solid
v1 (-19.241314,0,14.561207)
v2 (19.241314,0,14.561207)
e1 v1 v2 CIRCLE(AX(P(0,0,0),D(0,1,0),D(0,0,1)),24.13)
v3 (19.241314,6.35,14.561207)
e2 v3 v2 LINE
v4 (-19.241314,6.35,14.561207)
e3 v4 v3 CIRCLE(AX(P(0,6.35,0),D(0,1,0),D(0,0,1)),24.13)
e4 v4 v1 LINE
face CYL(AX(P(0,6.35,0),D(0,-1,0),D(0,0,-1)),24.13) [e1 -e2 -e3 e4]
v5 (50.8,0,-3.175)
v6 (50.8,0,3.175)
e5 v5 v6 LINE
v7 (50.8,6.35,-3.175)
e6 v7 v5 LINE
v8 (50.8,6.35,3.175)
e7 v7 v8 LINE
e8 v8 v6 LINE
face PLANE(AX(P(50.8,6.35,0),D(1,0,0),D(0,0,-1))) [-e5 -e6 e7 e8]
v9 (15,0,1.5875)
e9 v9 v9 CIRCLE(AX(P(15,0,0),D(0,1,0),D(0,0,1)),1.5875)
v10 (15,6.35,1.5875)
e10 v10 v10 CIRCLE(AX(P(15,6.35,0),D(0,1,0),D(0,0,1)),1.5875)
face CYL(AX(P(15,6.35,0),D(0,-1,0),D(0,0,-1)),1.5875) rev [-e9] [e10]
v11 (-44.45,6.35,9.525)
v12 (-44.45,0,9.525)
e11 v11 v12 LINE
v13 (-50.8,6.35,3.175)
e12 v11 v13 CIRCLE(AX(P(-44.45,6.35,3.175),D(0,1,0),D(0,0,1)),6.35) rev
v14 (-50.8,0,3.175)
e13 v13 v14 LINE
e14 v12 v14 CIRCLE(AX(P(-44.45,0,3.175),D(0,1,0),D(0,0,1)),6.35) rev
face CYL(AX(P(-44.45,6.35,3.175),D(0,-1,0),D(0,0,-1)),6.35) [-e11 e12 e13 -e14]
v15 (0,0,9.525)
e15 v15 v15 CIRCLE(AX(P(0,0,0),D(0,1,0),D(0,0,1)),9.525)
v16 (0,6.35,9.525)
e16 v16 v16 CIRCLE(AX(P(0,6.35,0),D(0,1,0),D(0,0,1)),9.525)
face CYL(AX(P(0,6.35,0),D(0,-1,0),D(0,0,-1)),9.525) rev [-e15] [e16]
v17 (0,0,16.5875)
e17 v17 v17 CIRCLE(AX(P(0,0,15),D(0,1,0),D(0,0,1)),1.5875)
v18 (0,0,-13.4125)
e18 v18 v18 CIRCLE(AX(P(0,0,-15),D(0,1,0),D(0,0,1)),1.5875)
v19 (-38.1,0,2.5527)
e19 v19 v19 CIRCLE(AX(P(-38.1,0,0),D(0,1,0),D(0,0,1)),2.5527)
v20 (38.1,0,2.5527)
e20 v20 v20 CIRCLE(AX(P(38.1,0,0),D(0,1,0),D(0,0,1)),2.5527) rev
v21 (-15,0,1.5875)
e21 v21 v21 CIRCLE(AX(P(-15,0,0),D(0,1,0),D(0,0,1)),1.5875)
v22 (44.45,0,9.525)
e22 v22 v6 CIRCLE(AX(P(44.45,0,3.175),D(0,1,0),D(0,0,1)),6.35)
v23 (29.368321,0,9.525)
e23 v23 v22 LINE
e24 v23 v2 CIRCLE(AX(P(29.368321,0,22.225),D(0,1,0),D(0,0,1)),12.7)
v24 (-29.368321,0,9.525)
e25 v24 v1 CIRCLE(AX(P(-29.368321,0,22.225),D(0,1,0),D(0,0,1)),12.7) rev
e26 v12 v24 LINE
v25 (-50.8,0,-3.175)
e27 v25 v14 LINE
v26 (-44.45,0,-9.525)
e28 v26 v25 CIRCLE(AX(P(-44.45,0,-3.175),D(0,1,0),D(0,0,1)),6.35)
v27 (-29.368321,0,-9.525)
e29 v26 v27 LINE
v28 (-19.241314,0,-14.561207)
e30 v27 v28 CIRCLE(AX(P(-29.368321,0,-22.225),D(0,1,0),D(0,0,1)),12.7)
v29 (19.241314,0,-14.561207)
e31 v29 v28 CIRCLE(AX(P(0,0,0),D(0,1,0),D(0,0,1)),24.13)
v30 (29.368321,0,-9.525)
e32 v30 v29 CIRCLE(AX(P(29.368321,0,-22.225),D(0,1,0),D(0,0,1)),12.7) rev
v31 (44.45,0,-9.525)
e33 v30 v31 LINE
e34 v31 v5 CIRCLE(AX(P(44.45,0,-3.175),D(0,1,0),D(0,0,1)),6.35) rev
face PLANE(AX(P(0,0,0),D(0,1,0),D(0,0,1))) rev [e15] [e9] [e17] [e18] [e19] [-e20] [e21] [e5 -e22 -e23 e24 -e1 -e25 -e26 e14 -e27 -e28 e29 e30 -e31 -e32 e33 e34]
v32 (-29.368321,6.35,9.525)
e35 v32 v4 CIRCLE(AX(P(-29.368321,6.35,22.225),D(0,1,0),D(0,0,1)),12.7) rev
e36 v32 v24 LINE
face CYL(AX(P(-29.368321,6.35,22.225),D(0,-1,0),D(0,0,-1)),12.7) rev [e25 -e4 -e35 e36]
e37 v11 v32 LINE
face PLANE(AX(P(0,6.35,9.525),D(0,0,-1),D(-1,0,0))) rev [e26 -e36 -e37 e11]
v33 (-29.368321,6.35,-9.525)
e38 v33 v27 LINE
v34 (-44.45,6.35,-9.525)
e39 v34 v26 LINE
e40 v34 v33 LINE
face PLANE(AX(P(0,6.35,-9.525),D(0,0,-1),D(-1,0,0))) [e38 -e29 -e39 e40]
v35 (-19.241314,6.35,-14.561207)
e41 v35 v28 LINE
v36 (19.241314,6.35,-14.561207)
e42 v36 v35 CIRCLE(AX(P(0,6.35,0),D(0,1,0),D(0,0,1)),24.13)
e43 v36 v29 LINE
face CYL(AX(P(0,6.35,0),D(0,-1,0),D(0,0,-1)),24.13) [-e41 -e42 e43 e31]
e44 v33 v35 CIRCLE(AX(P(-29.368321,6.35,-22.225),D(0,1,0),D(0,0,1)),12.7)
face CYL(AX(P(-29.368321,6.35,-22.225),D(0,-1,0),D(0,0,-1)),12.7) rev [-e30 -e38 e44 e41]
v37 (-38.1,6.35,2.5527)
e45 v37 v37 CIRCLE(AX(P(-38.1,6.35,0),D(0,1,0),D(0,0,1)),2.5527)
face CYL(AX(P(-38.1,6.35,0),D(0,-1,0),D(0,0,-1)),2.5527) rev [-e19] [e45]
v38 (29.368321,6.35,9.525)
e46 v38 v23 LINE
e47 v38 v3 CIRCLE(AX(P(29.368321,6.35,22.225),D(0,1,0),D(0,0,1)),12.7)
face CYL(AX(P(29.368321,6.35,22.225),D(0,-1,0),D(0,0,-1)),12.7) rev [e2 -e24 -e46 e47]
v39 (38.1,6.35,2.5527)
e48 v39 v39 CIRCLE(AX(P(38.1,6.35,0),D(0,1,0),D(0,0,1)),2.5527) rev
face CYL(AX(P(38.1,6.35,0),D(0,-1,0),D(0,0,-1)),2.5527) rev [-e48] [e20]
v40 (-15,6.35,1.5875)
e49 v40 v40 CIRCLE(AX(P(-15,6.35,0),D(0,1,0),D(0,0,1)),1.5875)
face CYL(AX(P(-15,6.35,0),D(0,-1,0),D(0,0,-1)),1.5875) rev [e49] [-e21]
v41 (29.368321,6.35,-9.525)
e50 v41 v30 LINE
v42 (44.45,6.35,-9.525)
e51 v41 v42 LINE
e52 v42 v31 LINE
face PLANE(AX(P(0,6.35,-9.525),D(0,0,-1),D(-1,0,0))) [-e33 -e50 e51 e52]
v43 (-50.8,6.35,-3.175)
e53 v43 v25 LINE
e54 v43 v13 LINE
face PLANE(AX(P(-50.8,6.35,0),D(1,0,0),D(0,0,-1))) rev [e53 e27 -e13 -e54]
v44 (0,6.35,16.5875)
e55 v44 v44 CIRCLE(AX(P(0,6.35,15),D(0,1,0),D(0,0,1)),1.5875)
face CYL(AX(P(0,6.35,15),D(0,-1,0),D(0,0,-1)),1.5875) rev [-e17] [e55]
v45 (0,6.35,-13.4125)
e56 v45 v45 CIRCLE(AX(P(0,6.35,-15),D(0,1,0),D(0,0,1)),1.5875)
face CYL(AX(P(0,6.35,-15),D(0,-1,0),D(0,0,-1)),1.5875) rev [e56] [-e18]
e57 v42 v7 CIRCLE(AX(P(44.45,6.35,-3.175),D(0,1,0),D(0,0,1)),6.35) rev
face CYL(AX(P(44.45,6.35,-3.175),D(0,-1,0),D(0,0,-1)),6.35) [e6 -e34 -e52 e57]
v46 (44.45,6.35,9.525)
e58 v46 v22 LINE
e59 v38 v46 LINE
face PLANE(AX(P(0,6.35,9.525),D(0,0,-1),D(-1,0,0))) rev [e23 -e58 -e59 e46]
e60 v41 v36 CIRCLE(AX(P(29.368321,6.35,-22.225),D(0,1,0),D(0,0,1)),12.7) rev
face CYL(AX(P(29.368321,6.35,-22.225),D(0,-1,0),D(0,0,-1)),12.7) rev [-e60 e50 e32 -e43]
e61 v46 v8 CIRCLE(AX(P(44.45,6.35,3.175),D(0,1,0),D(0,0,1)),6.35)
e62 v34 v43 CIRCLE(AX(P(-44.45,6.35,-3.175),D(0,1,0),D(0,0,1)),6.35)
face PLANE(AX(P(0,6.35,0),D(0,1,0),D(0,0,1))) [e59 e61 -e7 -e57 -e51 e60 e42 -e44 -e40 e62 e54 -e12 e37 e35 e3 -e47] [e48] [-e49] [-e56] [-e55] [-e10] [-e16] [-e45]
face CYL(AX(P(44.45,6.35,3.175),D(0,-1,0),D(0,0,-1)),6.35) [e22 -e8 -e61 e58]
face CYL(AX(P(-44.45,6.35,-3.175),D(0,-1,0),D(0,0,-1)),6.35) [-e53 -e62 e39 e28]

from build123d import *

# Parameters (mm, degrees)
SKETCH1_R           = 1.5875
SKETCH1_R_2         = 2.5527
BOSS_EXTRUDE2_DEPTH = 6.35


with BuildPart() as part:
    # Sketch1 → Boss-Extrude2 (new body)
    # profile 1 of 10: a face of its own
    with BuildSketch(Plane(origin=(0, 0, 0), x_dir=(1, 0, 0), z_dir=(0, 1, 0))):
        with BuildLine():
            Line((2.2e-08, 9.525), (-22.170504618, 9.525))
            ThreePointArc((-22.170504618, 9.525), (-24.13, 0), (-22.170504618, -9.525))
            Line((-22.170504618, -9.525), (4.3e-08, -9.525))
            ThreePointArc((4.3e-08, -9.525), (-9.525, -1.1e-08), (2.2e-08, 9.525))
        make_face()
        with Locations(Location((-15, 0, 0), (0, 0, 270))):
            Circle(SKETCH1_R, mode=Mode.SUBTRACT)
    # profile 2 of 10: a face of its own
    with BuildSketch(Plane(origin=(0, 0, 0), x_dir=(1, 0, 0), z_dir=(0, 1, 0))):
        with BuildLine():
            Line((22.170504618, 9.525), (2.2e-08, 9.525))
            ThreePointArc((2.2e-08, 9.525), (6.735192099, 6.735192083), (9.525, 0))
            ThreePointArc((9.525, 0), (6.735192106, -6.735192076), (4.3e-08, -9.525))
            Line((4.3e-08, -9.525), (22.170504618, -9.525))
            ThreePointArc((22.170504618, -9.525), (23.635049994, -4.86223321), (24.13, 0))
            ThreePointArc((24.13, 0), (23.635049994, 4.86223321), (22.170504618, 9.525))
        make_face()
        with Locations(Location((15, 0, 0), (0, 0, 270))):
            Circle(SKETCH1_R, mode=Mode.SUBTRACT)
    # profile 3 of 10: a face of its own
    with BuildSketch(Plane(origin=(0, 0, 0), x_dir=(1, 0, 0), z_dir=(0, 1, 0))):
        with BuildLine():
            Line((4.3e-08, -9.525), (-22.170504618, -9.525))
            ThreePointArc((-22.170504618, -9.525), (-20.858463978, -12.131833353), (-19.241313721, -14.561206897))
            ThreePointArc((-19.241313721, -14.561206897), (0, -24.13), (19.241313721, -14.561206897))
            ThreePointArc((19.241313721, -14.561206897), (20.858463978, -12.131833353), (22.170504618, -9.525))
            Line((22.170504618, -9.525), (4.3e-08, -9.525))
        make_face()
        with Locations(Location((0, -15, 0), (0, 0, 270))):
            Circle(SKETCH1_R, mode=Mode.SUBTRACT)
    # profile 4 of 10: a face of its own
    with BuildSketch(Plane(origin=(0, 0, 0), x_dir=(1, 0, 0), z_dir=(0, 1, 0))):
        with BuildLine():
            ThreePointArc((-19.241313721, 14.561206897), (-20.858463978, 12.131833353), (-22.170504618, 9.525))
            Line((-22.170504618, 9.525), (2.2e-08, 9.525))
            Line((2.2e-08, 9.525), (22.170504618, 9.525))
            ThreePointArc((22.170504618, 9.525), (20.858463978, 12.131833353), (19.241313721, 14.561206897))
            ThreePointArc((19.241313721, 14.561206897), (0, 24.13), (-19.241313721, 14.561206897))
        make_face()
        with Locations(Location((0, 15, 0), (0, 0, 270))):
            Circle(SKETCH1_R, mode=Mode.SUBTRACT)
    # profile 5 of 10: a face of its own
    with BuildSketch(Plane(origin=(0, 0, 0), x_dir=(1, 0, 0), z_dir=(0, 1, 0))):
        with BuildLine():
            Line((-29.368320943, 9.525), (-44.45, 9.525))
            ThreePointArc((-44.45, 9.525), (-48.940128061, 7.665128061), (-50.8, 3.175))
            Line((-50.8, 3.175), (-50.8, -3.175))
            ThreePointArc((-50.8, -3.175), (-48.940128061, -7.665128061), (-44.45, -9.525))
            Line((-44.45, -9.525), (-29.368320943, -9.525))
            Line((-29.368320943, -9.525), (-22.170504618, -9.525))
            ThreePointArc((-22.170504618, -9.525), (-24.13, 0), (-22.170504618, 9.525))
            Line((-22.170504618, 9.525), (-29.368320943, 9.525))
        make_face()
        with Locations(Location((-38.1, 0, 0), (0, 0, 270))):
            Circle(SKETCH1_R_2, mode=Mode.SUBTRACT)
    # profile 6 of 10: a face of its own
    with BuildSketch(Plane(origin=(0, 0, 0), x_dir=(1, 0, 0), z_dir=(0, 1, 0))):
        with BuildLine():
            Line((29.368320943, 9.525), (22.170504618, 9.525))
            ThreePointArc((22.170504618, 9.525), (23.635049994, 4.86223321), (24.13, 0))
            ThreePointArc((24.13, 0), (23.635049994, -4.86223321), (22.170504618, -9.525))
            Line((22.170504618, -9.525), (29.368320943, -9.525))
            Line((29.368320943, -9.525), (44.45, -9.525))
            ThreePointArc((44.45, -9.525), (48.940128061, -7.665128061), (50.8, -3.175))
            Line((50.8, -3.175), (50.8, 3.175))
            ThreePointArc((50.8, 3.175), (48.940128061, 7.665128061), (44.45, 9.525))
            Line((44.45, 9.525), (29.368320943, 9.525))
        make_face()
        with Locations(Location((38.1, 0, 0), (0, 0, 270))):
            Circle(SKETCH1_R_2, mode=Mode.SUBTRACT)
    # profile 7 of 10: a face of its own
    with BuildSketch(Plane(origin=(0, 0, 0), x_dir=(1, 0, 0), z_dir=(0, 1, 0))):
        with BuildLine():
            ThreePointArc((-19.241313721, 14.561206897), (-23.713242359, 10.853540718), (-29.368320943, 9.525))
            Line((-29.368320943, 9.525), (-22.170504618, 9.525))
            ThreePointArc((-22.170504618, 9.525), (-20.858463978, 12.131833353), (-19.241313721, 14.561206897))
        make_face()
    # profile 8 of 10: a face of its own
    with BuildSketch(Plane(origin=(0, 0, 0), x_dir=(1, 0, 0), z_dir=(0, 1, 0))):
        with BuildLine():
            ThreePointArc((-19.241313721, -14.561206897), (-20.858463978, -12.131833353), (-22.170504618, -9.525))
            Line((-22.170504618, -9.525), (-29.368320943, -9.525))
            ThreePointArc((-29.368320943, -9.525), (-23.713242359, -10.853540718), (-19.241313721, -14.561206897))
        make_face()
    # profile 9 of 10: a face of its own
    with BuildSketch(Plane(origin=(0, 0, 0), x_dir=(1, 0, 0), z_dir=(0, 1, 0))):
        with BuildLine():
            ThreePointArc((29.368320943, 9.525), (23.713242359, 10.853540718), (19.241313721, 14.561206897))
            ThreePointArc((19.241313721, 14.561206897), (20.858463978, 12.131833353), (22.170504618, 9.525))
            Line((22.170504618, 9.525), (29.368320943, 9.525))
        make_face()
    # profile 10 of 10: a face of its own
    with BuildSketch(Plane(origin=(0, 0, 0), x_dir=(1, 0, 0), z_dir=(0, 1, 0))):
        with BuildLine():
            Line((29.368320943, -9.525), (22.170504618, -9.525))
            ThreePointArc((22.170504618, -9.525), (20.858463978, -12.131833353), (19.241313721, -14.561206897))
            ThreePointArc((19.241313721, -14.561206897), (23.713242359, -10.853540718), (29.368320943, -9.525))
        make_face()
    extrude(amount=BOSS_EXTRUDE2_DEPTH)


solid = part.part
